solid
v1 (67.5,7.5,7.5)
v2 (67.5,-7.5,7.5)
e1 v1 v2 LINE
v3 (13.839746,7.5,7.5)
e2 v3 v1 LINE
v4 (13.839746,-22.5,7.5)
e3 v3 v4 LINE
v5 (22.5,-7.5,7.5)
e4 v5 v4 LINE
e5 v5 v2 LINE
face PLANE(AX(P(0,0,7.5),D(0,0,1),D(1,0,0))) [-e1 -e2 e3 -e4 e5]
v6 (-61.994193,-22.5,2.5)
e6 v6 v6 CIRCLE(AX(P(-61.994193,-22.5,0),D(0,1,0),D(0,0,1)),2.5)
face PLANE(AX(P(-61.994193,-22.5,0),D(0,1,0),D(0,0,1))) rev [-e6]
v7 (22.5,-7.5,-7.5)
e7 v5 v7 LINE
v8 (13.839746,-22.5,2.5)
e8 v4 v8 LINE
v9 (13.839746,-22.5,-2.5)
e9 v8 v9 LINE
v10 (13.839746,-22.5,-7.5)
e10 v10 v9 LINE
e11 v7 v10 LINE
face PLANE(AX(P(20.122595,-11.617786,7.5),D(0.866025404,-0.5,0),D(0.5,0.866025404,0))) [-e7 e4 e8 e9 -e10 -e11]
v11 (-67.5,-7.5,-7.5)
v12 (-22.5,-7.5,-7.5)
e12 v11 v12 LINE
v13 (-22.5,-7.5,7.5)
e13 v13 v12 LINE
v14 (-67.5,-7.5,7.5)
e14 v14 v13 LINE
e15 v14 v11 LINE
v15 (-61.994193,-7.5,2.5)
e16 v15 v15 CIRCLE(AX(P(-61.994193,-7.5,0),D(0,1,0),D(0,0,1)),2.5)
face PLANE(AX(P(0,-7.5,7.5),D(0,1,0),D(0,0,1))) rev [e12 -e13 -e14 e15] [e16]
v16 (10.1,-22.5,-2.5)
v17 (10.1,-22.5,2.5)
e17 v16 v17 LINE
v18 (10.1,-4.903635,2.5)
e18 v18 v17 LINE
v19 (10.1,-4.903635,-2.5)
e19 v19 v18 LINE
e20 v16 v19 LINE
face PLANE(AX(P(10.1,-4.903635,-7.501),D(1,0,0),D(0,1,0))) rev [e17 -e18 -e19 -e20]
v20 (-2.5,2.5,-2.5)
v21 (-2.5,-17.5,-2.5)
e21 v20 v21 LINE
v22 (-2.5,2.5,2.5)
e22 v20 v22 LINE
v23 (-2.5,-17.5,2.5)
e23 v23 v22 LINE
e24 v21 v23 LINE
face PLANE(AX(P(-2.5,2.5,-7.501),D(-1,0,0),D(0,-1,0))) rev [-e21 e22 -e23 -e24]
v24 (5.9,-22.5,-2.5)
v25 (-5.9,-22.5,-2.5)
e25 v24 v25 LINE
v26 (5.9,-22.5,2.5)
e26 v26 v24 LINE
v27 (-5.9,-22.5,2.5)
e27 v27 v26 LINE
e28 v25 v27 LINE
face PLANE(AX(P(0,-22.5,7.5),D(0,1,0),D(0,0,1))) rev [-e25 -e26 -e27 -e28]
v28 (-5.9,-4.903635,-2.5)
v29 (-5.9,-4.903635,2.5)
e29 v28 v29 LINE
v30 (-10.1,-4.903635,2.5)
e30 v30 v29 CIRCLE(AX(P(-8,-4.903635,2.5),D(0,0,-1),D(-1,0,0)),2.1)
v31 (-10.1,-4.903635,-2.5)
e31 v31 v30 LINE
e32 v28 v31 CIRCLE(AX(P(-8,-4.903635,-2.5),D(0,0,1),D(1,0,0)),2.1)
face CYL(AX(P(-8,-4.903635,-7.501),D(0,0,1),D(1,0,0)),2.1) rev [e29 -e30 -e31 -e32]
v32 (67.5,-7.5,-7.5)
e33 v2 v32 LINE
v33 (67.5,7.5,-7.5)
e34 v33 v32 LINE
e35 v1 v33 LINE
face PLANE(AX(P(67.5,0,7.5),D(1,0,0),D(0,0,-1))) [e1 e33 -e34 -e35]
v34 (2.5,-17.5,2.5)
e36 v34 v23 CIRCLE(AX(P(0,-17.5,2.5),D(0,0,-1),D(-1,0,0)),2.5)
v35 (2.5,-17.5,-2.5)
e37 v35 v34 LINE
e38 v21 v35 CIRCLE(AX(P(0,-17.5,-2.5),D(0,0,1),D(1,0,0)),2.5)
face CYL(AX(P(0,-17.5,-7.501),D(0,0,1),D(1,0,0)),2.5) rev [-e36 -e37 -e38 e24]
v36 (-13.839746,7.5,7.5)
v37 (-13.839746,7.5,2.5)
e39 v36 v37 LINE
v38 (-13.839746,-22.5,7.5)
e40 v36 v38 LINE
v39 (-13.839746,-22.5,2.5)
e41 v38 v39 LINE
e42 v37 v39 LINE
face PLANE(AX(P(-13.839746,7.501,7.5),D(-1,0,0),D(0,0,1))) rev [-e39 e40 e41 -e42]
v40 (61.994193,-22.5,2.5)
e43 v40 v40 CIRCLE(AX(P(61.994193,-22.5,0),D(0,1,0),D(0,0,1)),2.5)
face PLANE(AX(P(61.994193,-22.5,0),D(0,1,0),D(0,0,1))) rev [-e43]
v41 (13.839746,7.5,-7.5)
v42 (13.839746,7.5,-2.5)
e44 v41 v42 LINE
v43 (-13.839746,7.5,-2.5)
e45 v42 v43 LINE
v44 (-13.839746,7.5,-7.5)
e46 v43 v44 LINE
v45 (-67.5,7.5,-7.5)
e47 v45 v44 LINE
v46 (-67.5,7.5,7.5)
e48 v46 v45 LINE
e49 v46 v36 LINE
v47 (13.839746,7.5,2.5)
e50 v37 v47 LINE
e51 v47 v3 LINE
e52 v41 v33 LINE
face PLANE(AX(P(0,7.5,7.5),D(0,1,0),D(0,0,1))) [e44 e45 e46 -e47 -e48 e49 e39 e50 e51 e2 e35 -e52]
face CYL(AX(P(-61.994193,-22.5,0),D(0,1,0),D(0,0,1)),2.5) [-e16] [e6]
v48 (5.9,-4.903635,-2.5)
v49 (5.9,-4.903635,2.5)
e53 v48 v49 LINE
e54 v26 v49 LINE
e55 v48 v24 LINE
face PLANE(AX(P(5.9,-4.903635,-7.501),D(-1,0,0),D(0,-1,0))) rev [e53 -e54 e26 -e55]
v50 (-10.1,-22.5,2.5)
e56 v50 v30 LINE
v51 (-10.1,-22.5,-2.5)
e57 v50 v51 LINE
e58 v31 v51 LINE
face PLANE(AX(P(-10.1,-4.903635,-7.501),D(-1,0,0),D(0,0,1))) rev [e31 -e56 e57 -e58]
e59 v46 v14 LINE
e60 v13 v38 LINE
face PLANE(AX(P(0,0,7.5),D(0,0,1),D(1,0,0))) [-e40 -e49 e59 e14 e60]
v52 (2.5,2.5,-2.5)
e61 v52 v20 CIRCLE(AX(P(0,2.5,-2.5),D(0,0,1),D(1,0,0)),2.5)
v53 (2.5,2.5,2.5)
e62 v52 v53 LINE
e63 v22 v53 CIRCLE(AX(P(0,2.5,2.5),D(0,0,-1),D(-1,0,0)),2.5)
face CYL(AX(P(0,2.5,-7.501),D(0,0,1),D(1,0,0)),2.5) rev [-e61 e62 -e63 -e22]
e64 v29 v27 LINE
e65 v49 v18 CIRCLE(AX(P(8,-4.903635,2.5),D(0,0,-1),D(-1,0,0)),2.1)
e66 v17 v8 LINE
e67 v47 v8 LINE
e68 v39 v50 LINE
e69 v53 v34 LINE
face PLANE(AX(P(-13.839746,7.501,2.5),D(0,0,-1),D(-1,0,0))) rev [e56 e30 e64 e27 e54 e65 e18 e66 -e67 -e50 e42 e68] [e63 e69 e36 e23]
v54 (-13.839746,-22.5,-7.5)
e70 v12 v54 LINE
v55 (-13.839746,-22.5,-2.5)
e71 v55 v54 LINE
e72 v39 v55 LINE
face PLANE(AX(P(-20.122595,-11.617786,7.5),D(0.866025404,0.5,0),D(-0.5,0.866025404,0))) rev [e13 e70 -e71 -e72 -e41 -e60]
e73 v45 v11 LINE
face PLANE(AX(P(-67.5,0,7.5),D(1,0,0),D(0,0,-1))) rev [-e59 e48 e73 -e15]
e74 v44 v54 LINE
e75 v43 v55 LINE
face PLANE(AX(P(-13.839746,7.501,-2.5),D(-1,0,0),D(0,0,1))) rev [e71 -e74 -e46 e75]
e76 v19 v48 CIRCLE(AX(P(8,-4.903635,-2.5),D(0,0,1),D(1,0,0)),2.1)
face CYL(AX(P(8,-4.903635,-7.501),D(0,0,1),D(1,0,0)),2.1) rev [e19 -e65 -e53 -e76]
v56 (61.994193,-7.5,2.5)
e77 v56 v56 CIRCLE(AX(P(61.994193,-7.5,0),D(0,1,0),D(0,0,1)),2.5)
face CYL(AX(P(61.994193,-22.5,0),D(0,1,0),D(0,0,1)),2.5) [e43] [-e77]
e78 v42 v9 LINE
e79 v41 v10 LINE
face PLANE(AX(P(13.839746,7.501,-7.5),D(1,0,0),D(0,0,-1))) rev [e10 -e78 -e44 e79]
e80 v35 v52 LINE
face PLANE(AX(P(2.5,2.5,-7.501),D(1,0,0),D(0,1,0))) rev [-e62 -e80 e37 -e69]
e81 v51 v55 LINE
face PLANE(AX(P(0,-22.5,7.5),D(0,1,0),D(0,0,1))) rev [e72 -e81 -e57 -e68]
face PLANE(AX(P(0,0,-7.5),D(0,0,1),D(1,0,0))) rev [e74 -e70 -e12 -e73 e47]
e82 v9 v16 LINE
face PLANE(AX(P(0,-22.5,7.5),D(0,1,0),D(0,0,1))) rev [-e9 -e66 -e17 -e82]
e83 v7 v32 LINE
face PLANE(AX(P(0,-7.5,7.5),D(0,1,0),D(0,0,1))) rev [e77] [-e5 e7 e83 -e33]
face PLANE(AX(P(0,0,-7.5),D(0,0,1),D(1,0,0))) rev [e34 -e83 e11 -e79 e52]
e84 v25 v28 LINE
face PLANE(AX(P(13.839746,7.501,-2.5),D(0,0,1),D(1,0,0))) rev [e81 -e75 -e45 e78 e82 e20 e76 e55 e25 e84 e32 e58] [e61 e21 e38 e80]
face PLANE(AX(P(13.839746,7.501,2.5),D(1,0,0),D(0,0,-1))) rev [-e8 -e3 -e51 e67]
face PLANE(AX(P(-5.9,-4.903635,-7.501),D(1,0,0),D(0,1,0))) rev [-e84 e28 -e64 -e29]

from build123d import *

# Parameters (mm, degrees)
SKETCH1_W           = 135
SKETCH1_H           = 15
BOSS_EXTRUDE1_DEPTH = 7.5
CUT_EXTRUDE1_REACH  = 74.715
CUT_EXTRUDE2_REACH  = 76.246
SKETCH4_W           = 27.679491924
SKETCH4_H           = 5
BOSS_EXTRUDE2_START = -15
SKETCH5_R           = 2.5
BOSS_EXTRUDE2_DEPTH = 15


with BuildPart() as part:
    # Sketch1 → Boss-Extrude1 (new, symmetric)
    with BuildSketch(Plane.XY):
        Rectangle(SKETCH1_W, SKETCH1_H)
        Polygon((22.5, -7.5), (-22.5, -7.5), (-13.839745962, -22.5), (13.839745962, -22.5), align=None)
    extrude(amount=BOSS_EXTRUDE1_DEPTH, both=True)

    # Sketch2 → Cut-Extrude1 (cut, up to next)
    with BuildSketch(Plane.XY.offset(7.5), mode=Mode.PRIVATE) as cut_extrude1_sk1:
        with BuildLine():
            Line((2.5, 2.5), (2.5, -17.5))
            ThreePointArc((2.5, -17.5), (0, -20), (-2.5, -17.5))
            Line((-2.5, -17.5), (-2.5, 2.5))
            ThreePointArc((-2.5, 2.5), (0, 5), (2.5, 2.5))
        make_face()
    cut_extrude1_tool1 = extrude(cut_extrude1_sk1.sketch, amount=-CUT_EXTRUDE1_REACH, mode=Mode.PRIVATE) & part.part
    # Sketch2 → Cut-Extrude1 (cut, up to next)
    with BuildSketch(Plane.XY.offset(7.5), mode=Mode.PRIVATE) as cut_extrude1_sk2:
        with BuildLine():
            Line((10.1, -4.903635329), (10.1, -24.903635329))
            ThreePointArc((10.1, -24.903635329), (8, -27.003635329), (5.9, -24.903635329))
            Line((5.9, -24.903635329), (5.9, -4.903635329))
            ThreePointArc((5.9, -4.903635329), (8, -2.803635329), (10.1, -4.903635329))
        make_face()
    cut_extrude1_tool2 = extrude(cut_extrude1_sk2.sketch, amount=-CUT_EXTRUDE1_REACH, mode=Mode.PRIVATE) & part.part
    # Sketch2 → Cut-Extrude1 (cut, up to next)
    with BuildSketch(Plane.XY.offset(7.5), mode=Mode.PRIVATE) as cut_extrude1_sk3:
        with BuildLine():
            Line((-5.9, -4.903635329), (-5.9, -24.903635329))
            ThreePointArc((-5.9, -24.903635329), (-8, -27.003635329), (-10.1, -24.903635329))
            Line((-10.1, -24.903635329), (-10.1, -4.903635329))
            ThreePointArc((-10.1, -4.903635329), (-8, -2.803635329), (-5.9, -4.903635329))
        make_face()
    cut_extrude1_tool3 = extrude(cut_extrude1_sk3.sketch, amount=-CUT_EXTRUDE1_REACH, mode=Mode.PRIVATE) & part.part
    add(cut_extrude1_tool1.solids().sort_by_distance((0, -7.5, 7.5))[0], mode=Mode.SUBTRACT)
    add(cut_extrude1_tool2.solids().sort_by_distance((8, -14.903635, 7.5))[0], mode=Mode.SUBTRACT)
    add(cut_extrude1_tool3.solids().sort_by_distance((-8, -14.903635, 7.5))[0], mode=Mode.SUBTRACT)

    # Sketch4 → Cut-Extrude2 (cut, up to next)
    with BuildSketch(Plane.XZ.offset(22.5), mode=Mode.PRIVATE) as cut_extrude2_sk1:
        with Locations((0, 5)):
            Rectangle(SKETCH4_W, SKETCH4_H)
    cut_extrude2_tool1 = extrude(cut_extrude2_sk1.sketch, amount=-CUT_EXTRUDE2_REACH, mode=Mode.PRIVATE) & part.part
    # Sketch4 → Cut-Extrude2 (cut, up to next)
    with BuildSketch(Plane.XZ.offset(22.5), mode=Mode.PRIVATE) as cut_extrude2_sk2:
        with Locations((0, -5)):
            Rectangle(SKETCH4_W, SKETCH4_H)
    cut_extrude2_tool2 = extrude(cut_extrude2_sk2.sketch, amount=-CUT_EXTRUDE2_REACH, mode=Mode.PRIVATE) & part.part
    add(cut_extrude2_tool1.solids().sort_by_distance((0, -22.5, 5))[0], mode=Mode.SUBTRACT)
    add(cut_extrude2_tool2.solids().sort_by_distance((0, -22.5, -5))[0], mode=Mode.SUBTRACT)

    # Sketch5 → Boss-Extrude2 (add)
    with BuildSketch(Plane(origin=(0, 7.5, 0), x_dir=(1, 0, 0), z_dir=(0, 1, 0)).offset(BOSS_EXTRUDE2_START)):
        with Locations(Location((61.994193156, 0, 0), (0, 0, 270))):
            Circle(SKETCH5_R)
        with Locations(Location((-61.994193156, 0, 0), (0, 0, 270))):
            Circle(SKETCH5_R)
    extrude(amount=-BOSS_EXTRUDE2_DEPTH)


solid = part.part
